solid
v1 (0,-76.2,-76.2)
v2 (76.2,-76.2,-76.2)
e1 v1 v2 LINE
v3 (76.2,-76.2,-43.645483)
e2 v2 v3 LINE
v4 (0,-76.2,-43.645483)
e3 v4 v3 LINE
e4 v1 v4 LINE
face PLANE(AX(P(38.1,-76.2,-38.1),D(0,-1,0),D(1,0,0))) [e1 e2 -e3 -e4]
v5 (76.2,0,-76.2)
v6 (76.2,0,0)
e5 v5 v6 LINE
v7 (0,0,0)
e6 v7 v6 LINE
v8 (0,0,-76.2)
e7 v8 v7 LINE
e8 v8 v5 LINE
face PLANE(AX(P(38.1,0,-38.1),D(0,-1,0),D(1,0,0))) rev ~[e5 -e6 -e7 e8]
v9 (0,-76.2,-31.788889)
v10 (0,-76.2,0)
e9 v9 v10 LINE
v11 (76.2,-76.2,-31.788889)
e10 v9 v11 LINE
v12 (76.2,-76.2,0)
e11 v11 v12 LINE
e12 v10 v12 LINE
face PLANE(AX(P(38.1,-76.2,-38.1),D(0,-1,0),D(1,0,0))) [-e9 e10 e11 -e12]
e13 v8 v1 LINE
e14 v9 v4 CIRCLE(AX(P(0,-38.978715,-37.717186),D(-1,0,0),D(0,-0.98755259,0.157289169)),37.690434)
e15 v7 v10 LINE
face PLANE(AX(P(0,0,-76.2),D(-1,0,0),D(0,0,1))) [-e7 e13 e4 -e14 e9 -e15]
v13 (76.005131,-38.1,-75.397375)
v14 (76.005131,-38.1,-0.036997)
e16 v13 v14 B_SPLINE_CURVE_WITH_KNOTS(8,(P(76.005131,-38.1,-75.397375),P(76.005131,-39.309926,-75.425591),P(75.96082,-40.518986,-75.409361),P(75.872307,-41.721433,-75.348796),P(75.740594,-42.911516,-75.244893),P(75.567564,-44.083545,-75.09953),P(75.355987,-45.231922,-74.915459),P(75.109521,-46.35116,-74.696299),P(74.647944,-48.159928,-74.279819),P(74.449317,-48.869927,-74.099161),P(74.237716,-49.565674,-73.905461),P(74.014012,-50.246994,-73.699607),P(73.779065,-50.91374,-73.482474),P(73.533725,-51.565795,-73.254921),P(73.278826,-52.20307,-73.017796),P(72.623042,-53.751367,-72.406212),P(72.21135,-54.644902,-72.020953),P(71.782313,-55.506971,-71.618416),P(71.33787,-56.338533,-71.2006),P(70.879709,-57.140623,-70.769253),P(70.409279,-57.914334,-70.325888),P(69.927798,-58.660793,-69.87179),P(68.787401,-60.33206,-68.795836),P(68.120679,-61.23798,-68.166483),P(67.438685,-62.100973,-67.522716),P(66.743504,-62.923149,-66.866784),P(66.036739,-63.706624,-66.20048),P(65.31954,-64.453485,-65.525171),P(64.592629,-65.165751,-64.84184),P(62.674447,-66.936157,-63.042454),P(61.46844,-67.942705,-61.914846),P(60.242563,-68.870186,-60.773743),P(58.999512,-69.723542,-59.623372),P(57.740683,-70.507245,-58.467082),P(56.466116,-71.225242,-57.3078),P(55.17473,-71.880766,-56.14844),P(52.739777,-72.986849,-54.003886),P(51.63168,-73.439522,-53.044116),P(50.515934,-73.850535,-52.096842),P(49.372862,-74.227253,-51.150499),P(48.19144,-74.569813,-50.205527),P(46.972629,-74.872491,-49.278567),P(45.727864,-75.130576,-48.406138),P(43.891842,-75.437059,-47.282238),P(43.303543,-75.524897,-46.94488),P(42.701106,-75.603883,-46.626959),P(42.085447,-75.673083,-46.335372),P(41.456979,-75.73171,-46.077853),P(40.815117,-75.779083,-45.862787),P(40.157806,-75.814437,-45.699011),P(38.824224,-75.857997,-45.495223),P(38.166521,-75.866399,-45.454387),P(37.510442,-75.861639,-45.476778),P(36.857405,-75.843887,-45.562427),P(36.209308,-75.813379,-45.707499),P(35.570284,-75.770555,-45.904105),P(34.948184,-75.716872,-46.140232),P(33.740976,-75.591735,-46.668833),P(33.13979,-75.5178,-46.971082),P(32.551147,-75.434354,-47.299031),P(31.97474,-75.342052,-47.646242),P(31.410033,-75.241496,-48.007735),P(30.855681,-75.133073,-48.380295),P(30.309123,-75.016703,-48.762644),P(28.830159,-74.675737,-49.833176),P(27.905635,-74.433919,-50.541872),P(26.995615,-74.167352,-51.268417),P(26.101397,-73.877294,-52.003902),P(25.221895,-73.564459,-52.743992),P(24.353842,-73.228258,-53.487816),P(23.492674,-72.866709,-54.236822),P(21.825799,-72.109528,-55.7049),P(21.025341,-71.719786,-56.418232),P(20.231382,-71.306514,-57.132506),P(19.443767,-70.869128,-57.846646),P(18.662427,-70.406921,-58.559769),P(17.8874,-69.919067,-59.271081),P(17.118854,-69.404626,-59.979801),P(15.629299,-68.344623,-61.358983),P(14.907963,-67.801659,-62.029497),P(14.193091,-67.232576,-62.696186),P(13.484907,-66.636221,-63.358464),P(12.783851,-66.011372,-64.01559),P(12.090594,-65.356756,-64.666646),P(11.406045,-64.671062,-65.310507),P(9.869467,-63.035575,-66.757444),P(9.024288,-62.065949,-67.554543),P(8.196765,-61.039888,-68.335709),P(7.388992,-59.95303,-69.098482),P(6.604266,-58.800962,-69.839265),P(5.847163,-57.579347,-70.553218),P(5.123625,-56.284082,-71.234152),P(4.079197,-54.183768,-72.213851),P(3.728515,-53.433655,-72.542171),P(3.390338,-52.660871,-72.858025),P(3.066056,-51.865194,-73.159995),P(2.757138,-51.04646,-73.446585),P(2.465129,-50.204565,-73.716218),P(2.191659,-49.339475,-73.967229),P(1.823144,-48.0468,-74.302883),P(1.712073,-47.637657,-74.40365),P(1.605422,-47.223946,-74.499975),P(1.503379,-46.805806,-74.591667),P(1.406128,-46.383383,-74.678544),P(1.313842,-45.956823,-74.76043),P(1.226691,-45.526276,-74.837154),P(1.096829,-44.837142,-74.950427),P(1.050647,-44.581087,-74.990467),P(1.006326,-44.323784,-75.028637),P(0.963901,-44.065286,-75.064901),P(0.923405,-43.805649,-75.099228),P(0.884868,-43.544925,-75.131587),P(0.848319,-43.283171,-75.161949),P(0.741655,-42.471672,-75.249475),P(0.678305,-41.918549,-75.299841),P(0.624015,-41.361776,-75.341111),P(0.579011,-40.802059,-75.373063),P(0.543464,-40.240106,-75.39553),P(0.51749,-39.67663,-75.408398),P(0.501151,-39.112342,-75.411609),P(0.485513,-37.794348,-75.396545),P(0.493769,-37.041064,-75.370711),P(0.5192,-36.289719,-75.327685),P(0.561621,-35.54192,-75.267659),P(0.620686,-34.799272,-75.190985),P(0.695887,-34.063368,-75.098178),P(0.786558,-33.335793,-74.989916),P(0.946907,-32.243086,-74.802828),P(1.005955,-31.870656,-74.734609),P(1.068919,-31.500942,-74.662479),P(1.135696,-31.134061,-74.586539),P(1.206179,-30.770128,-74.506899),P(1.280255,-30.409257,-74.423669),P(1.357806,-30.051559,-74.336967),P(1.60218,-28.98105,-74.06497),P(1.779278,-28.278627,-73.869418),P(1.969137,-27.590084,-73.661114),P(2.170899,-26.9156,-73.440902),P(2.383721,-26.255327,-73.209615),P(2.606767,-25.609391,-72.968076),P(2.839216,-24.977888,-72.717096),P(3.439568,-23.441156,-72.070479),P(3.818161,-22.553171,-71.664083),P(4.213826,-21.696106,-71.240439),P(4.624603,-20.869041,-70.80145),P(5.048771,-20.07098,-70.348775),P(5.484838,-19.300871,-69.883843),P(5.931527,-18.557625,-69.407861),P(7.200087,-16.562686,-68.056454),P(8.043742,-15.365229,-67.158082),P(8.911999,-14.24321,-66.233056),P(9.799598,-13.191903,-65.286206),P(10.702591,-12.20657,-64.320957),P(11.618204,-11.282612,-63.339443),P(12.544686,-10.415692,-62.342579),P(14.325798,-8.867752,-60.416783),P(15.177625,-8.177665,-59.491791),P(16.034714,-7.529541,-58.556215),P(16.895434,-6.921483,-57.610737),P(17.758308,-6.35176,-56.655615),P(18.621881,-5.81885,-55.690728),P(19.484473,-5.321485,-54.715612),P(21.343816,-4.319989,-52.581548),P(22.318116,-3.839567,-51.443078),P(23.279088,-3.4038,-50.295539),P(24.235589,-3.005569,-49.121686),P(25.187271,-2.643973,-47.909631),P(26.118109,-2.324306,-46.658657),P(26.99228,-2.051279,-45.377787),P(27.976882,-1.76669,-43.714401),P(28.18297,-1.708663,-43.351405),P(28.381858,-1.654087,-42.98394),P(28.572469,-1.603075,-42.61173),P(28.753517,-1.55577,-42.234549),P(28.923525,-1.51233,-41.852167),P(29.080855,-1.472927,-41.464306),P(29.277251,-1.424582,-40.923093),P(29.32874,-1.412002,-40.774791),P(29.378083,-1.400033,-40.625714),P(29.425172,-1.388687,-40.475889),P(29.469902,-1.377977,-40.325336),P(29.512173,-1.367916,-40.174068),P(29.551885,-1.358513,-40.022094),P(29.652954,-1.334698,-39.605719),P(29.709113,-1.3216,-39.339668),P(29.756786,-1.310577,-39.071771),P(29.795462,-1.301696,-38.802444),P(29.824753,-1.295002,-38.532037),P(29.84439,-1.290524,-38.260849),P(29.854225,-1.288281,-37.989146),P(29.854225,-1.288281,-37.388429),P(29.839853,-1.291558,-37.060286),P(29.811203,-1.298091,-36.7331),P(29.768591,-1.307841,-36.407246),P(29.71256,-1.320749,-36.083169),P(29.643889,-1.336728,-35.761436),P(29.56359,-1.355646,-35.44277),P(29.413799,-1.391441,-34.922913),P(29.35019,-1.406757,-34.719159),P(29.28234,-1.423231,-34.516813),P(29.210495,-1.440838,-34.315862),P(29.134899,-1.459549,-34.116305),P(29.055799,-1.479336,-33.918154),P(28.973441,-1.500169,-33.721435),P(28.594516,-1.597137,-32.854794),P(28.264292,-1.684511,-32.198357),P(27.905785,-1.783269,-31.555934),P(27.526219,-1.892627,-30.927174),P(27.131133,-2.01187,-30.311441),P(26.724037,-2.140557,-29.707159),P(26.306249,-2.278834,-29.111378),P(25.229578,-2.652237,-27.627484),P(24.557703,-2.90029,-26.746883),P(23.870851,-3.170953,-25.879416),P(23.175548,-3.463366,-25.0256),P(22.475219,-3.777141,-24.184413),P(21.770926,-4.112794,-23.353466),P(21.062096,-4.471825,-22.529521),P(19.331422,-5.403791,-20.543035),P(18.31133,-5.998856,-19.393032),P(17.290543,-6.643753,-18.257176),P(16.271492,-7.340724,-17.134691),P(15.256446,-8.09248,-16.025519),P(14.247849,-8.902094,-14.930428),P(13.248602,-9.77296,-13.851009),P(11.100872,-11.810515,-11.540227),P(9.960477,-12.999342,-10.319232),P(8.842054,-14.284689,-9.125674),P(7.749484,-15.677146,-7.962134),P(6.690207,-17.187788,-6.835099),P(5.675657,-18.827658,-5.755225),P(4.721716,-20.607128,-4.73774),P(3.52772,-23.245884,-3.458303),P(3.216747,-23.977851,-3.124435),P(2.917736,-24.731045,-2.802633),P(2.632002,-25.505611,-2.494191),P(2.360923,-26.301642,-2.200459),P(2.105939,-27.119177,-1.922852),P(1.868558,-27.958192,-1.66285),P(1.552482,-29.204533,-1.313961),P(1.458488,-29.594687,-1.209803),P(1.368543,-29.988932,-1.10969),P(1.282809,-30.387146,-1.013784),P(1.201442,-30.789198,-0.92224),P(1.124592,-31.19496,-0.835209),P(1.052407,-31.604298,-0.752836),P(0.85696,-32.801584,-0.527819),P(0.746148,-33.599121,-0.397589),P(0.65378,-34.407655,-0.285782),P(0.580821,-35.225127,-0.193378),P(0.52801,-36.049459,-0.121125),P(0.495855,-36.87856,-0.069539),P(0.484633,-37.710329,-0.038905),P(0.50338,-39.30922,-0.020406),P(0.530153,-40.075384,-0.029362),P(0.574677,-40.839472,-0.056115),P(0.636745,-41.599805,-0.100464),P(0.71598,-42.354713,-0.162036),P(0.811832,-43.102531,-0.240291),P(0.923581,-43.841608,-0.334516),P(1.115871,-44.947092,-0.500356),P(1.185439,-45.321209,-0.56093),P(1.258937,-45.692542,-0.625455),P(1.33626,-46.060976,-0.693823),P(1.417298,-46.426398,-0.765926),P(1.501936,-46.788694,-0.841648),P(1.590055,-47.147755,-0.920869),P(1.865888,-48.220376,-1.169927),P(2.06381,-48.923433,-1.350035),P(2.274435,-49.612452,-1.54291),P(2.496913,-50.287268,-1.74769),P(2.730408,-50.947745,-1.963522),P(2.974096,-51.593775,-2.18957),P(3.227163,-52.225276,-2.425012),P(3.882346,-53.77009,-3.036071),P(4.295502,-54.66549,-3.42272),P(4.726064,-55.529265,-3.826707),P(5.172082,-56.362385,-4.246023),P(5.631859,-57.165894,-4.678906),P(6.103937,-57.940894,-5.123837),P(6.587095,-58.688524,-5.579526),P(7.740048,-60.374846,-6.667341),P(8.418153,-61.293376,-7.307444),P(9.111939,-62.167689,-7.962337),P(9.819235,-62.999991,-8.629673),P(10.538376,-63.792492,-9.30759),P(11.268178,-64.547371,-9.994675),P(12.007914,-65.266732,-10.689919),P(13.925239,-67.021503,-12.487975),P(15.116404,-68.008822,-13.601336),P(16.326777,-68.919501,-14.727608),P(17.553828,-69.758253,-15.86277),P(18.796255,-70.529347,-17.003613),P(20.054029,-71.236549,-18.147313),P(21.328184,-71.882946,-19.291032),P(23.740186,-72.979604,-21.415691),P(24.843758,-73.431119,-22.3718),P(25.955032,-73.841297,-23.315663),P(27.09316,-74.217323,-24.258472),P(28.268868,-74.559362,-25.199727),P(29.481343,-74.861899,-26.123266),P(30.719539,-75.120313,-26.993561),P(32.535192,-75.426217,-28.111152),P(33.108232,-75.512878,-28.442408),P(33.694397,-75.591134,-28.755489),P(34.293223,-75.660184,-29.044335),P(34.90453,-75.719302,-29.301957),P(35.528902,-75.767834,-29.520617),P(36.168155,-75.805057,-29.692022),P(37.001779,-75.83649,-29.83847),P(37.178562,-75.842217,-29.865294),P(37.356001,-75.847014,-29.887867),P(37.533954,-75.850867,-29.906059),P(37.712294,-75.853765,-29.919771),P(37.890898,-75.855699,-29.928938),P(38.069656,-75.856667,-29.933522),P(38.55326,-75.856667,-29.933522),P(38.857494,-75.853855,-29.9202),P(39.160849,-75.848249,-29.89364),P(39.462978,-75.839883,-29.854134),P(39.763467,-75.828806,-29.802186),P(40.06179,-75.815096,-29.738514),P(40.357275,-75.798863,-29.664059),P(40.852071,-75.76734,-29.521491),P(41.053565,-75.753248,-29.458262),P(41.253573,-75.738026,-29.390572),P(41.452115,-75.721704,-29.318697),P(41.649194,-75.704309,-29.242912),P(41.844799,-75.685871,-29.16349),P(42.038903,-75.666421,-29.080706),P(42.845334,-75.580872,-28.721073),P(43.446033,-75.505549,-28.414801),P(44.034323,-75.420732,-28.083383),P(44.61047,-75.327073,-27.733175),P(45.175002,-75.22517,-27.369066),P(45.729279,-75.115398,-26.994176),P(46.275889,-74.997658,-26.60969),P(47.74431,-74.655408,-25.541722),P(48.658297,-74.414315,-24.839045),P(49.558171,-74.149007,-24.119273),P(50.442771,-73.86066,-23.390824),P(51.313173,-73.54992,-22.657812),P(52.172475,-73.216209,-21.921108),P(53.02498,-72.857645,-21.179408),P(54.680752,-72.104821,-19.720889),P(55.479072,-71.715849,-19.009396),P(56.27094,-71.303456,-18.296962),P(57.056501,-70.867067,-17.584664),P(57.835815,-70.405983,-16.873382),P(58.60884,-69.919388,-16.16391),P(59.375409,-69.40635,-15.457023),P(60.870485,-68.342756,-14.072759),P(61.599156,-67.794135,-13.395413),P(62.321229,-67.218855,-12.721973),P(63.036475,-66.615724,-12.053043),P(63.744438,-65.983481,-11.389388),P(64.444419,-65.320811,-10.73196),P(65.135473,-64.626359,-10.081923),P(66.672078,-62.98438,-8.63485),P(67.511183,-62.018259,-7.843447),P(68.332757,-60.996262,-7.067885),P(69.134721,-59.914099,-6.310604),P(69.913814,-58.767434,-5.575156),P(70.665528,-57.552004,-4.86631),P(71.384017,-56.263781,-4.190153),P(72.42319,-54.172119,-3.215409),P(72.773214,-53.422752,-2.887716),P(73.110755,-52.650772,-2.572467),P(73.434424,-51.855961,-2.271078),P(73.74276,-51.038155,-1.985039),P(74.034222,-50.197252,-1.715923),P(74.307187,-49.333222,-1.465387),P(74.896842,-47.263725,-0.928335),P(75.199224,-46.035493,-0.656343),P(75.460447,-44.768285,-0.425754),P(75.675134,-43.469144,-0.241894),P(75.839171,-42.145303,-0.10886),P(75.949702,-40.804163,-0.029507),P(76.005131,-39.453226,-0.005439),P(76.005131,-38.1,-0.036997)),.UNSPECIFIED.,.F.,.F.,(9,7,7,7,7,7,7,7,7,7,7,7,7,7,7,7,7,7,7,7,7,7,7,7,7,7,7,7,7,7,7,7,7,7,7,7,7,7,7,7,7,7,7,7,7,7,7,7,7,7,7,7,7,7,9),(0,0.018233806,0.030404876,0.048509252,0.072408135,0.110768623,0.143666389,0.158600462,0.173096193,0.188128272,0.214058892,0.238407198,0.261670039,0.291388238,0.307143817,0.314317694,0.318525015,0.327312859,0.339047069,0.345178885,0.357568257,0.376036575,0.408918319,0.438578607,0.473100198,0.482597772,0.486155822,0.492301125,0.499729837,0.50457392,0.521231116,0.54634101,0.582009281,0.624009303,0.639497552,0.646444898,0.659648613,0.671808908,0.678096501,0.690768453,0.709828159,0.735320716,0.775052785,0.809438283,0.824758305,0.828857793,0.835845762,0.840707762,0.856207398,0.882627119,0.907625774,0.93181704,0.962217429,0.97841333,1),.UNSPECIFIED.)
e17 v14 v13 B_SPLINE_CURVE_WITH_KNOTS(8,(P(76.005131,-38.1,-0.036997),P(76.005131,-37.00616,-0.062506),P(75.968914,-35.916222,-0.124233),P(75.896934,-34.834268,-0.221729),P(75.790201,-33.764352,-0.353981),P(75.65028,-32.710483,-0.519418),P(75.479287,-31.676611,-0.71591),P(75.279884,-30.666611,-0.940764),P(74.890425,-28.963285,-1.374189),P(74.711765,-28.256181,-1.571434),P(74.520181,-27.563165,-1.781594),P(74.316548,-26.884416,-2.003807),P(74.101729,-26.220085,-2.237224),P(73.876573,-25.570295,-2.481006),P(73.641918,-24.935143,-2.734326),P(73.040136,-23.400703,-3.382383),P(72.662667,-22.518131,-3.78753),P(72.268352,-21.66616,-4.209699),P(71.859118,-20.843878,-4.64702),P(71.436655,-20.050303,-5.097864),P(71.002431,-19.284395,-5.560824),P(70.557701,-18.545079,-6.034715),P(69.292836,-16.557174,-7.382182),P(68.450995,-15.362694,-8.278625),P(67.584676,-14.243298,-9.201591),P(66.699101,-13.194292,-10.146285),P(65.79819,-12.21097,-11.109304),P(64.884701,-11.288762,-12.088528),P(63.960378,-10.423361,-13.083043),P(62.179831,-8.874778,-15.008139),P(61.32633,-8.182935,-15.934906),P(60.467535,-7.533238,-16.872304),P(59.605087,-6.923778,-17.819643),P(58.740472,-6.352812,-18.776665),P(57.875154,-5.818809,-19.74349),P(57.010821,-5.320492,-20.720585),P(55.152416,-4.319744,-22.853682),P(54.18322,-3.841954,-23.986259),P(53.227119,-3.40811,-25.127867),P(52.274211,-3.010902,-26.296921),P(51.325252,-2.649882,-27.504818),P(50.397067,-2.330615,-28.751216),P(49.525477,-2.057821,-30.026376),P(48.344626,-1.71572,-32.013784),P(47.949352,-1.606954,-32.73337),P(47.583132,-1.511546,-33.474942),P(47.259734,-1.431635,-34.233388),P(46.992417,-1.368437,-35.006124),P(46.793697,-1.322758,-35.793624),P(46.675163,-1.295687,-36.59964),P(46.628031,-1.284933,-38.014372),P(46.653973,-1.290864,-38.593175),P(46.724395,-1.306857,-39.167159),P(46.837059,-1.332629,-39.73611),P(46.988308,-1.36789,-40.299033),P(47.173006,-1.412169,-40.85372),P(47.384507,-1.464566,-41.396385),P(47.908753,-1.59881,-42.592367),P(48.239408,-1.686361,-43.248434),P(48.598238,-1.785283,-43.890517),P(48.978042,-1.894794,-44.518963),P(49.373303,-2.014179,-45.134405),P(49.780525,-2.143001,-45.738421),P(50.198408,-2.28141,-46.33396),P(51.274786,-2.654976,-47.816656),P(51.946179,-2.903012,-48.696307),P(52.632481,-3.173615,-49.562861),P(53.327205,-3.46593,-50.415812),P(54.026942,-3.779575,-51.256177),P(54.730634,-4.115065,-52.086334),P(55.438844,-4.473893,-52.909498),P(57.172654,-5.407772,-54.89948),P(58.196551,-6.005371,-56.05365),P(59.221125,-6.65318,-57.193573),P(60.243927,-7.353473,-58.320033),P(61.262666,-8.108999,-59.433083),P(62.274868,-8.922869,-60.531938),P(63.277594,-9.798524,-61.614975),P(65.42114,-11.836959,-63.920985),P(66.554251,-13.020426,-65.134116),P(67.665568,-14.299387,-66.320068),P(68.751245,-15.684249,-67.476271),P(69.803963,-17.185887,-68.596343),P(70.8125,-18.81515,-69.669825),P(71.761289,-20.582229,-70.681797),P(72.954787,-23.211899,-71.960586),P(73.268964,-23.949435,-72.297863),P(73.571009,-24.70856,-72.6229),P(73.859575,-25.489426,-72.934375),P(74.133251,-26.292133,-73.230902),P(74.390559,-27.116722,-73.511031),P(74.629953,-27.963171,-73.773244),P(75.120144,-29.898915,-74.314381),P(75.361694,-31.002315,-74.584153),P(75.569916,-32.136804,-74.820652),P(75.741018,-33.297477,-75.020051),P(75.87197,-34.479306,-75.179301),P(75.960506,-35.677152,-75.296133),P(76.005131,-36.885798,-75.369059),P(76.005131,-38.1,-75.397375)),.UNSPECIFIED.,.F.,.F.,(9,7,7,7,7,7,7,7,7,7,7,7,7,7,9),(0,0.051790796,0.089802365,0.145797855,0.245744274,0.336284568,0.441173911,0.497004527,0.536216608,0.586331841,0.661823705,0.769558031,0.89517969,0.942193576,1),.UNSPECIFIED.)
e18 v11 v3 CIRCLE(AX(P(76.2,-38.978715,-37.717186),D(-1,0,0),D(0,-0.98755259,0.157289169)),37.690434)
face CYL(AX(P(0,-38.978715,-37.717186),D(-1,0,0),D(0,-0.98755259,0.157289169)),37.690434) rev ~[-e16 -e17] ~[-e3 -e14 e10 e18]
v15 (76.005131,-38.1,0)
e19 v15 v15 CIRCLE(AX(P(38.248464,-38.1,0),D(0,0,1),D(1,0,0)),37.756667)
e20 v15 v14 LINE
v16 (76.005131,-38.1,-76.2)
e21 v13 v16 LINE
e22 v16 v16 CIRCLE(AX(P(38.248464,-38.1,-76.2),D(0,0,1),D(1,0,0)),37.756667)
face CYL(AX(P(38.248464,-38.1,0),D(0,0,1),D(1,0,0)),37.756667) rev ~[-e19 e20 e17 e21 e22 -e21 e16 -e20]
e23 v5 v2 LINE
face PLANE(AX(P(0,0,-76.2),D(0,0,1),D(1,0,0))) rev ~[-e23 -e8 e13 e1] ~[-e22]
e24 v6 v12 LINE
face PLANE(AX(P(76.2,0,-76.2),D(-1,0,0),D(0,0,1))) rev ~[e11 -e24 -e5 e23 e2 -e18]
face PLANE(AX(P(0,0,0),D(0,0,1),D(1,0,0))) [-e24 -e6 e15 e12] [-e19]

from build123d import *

# Parameters (mm, degrees)
F0_W     = 76.2
F0_H     = 76.2
F1_DEPTH = 76.2
F2_R     = 37.756667
F3_DEPTH = 76.2
F5_DEPTH = 78.74


with BuildPart() as f1:
    # F0 (on Front) → F1 (new body)
    with BuildSketch(Plane.XZ):
        with Locations((38.1, -38.1)):
            Rectangle(F0_W, F0_H)
    extrude(amount=F1_DEPTH)

    # F2 (on face) → F3 (cut)
    with BuildSketch(Plane.XY):
        with Locations((38.248464, -38.1)):
            Circle(F2_R)
    extrude(amount=-F3_DEPTH, mode=Mode.SUBTRACT)

    # F4 (on face) → F5 (cut)
    with BuildSketch(Plane(origin=(0, 0, 0), x_dir=(0, -1, 0), z_dir=(-1, 0, 0))):
        with BuildLine():
            Line((76.2, -43.645483), (76.2, -31.788889))
            ThreePointArc((76.2, -31.788889), (1.288281, -37.717186), (76.2, -43.645483))
        make_face()
    extrude(amount=-F5_DEPTH, mode=Mode.SUBTRACT)


solid = f1.part
